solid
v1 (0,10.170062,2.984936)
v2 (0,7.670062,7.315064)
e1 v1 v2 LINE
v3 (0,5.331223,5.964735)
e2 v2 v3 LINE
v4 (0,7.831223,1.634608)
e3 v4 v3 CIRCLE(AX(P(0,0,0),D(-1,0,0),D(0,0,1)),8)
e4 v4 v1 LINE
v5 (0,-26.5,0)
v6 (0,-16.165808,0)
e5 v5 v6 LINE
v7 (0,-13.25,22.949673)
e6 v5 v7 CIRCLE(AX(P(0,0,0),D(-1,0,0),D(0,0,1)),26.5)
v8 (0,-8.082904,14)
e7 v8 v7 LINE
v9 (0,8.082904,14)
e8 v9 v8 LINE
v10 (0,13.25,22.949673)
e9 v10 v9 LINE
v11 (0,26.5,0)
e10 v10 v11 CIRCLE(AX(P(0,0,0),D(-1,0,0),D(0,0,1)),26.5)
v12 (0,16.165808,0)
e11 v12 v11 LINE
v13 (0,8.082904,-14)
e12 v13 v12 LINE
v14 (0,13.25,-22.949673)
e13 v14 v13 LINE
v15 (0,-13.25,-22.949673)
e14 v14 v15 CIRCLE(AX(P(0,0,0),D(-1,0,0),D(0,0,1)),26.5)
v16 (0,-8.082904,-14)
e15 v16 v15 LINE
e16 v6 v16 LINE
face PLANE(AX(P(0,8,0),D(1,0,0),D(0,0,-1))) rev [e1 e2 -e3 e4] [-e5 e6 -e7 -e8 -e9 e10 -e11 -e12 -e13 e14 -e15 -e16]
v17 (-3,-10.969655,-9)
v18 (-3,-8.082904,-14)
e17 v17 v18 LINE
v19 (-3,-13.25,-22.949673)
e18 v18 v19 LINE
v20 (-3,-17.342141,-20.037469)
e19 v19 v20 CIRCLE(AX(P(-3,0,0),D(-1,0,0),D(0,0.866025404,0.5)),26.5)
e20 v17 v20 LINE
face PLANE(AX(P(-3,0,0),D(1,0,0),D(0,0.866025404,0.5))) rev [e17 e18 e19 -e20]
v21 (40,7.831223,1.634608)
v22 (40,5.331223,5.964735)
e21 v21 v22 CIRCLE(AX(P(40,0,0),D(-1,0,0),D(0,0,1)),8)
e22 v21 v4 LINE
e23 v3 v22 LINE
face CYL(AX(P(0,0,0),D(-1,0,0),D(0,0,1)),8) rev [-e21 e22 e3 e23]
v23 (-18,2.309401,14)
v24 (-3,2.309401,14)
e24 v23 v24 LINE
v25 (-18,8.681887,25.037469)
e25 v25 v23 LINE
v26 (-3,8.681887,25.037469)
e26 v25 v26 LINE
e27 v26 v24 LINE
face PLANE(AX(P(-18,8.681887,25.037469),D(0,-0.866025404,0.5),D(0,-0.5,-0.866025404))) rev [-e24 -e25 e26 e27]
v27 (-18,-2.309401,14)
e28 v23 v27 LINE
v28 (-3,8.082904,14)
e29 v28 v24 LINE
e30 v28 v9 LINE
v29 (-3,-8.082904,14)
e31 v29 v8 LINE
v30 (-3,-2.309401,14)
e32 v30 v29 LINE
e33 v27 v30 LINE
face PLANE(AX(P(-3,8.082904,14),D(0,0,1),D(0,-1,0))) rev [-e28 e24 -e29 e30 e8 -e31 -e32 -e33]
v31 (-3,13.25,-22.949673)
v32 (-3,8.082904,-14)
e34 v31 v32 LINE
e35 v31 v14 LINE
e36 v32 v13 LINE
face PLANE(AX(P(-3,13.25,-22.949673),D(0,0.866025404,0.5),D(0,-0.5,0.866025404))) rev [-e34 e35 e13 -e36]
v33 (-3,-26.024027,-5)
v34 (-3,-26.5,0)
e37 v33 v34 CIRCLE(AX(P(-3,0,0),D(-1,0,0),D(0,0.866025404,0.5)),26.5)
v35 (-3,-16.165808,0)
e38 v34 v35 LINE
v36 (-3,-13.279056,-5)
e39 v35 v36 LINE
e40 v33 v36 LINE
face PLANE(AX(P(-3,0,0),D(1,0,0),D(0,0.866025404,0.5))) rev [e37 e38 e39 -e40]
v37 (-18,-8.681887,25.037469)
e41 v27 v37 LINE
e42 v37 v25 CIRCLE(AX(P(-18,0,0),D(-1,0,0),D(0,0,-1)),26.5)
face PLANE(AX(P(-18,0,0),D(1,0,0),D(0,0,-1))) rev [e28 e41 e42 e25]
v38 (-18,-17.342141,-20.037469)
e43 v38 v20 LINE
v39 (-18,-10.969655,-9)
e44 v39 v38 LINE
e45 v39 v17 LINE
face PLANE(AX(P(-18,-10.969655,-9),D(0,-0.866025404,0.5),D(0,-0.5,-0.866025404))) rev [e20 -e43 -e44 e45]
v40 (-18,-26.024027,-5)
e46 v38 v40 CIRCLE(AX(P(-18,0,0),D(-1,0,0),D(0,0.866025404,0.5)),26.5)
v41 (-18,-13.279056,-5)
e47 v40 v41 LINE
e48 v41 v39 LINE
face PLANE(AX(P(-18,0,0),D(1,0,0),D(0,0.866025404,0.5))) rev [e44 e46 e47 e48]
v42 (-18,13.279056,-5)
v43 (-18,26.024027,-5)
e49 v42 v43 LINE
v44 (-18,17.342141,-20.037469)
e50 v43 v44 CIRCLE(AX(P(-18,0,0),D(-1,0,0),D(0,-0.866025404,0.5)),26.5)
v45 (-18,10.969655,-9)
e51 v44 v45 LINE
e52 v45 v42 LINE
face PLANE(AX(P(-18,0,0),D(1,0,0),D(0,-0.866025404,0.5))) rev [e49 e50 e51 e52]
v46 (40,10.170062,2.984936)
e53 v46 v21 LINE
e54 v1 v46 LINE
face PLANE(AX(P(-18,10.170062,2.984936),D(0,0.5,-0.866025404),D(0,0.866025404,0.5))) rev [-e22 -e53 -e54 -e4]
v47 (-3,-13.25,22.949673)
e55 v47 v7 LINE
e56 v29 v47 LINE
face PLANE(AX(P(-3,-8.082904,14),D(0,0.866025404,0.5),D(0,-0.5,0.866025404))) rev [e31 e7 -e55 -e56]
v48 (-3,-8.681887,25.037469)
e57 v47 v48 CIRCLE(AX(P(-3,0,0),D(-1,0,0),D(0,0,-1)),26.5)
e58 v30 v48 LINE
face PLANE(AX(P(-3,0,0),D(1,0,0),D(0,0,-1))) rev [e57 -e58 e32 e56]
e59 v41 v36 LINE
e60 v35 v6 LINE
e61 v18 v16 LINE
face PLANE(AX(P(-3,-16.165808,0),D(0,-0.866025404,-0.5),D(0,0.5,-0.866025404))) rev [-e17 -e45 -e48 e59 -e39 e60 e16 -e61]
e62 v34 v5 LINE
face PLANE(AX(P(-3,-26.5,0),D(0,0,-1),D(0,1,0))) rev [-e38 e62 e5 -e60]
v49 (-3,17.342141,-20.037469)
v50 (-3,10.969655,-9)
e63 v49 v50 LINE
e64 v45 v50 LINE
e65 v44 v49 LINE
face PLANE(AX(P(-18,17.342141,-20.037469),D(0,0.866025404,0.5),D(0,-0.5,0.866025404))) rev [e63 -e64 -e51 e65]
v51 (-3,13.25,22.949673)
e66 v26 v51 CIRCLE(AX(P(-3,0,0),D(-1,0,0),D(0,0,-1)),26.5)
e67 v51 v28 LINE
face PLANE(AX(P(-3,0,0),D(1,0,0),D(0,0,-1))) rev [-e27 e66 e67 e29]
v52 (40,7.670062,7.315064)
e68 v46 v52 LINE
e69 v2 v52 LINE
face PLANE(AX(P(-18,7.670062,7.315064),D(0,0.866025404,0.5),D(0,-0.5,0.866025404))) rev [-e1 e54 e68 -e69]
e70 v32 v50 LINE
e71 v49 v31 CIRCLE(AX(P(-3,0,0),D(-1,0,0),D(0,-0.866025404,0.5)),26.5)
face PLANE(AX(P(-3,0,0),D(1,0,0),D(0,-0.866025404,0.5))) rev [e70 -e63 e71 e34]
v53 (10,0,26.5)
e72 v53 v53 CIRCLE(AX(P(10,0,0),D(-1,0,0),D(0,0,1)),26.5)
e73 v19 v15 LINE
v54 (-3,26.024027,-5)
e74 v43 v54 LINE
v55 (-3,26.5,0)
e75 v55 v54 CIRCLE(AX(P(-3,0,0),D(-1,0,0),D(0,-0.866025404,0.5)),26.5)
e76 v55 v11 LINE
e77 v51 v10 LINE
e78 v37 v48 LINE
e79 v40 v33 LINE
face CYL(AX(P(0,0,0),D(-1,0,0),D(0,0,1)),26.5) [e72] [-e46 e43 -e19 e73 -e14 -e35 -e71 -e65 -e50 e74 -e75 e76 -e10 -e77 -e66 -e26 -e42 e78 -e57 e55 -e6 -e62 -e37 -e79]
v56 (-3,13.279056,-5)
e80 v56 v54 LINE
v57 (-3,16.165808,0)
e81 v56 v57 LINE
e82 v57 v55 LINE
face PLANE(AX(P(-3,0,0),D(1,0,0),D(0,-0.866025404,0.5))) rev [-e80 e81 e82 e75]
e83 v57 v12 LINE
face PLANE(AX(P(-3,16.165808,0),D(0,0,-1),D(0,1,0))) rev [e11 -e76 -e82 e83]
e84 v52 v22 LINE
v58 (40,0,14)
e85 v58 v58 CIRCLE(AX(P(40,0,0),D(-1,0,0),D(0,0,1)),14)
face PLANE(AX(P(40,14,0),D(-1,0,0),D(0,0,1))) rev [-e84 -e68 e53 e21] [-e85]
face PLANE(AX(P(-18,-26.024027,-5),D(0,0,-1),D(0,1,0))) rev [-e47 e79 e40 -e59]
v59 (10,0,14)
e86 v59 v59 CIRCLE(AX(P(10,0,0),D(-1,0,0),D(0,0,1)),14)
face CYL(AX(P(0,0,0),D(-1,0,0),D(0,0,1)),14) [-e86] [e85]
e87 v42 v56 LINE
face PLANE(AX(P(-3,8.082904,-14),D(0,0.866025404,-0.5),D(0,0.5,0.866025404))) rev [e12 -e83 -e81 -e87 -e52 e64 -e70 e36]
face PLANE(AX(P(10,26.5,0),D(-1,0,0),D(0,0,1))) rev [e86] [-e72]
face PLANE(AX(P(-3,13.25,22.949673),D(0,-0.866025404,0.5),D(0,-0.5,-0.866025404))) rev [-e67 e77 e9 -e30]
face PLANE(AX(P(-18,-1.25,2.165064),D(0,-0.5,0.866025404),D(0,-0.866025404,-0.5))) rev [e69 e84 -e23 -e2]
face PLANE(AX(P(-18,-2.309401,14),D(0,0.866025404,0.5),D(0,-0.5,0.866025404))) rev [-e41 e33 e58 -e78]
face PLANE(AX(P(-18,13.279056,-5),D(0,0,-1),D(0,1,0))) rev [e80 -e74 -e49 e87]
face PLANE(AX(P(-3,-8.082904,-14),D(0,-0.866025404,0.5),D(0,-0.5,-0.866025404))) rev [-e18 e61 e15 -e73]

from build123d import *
from build123d.topology import SkipClean

# Parameters (mm, degrees)
EXTRUDE_1_DEPTH          = 3
EXTRUDE_2_DEPTH          = 15
PATTERN_CIRCULAR_1_COUNT = 3
CUT_EXTRUDE_1_DEPTH      = 70.054326439


with BuildPart() as part:
    # Эскиз1 → Повернуть1 (revolve)
    with BuildSketch(Plane.XY, mode=Mode.PRIVATE) as revolve_1_sk:
        Polygon((0, 8), (0, 26.5), (10, 26.5), (10, 14), (40, 14), (40, 8), align=None)
    revolve(revolve_1_sk.sketch.rotate(Axis((0, 0, 0), (1, 0, 0)), 90), axis=Axis((0, 0, 0), (1, 0, 0)))

    # Эскиз2 → Бобышка-Вытянуть1 (add)
    with BuildSketch(Plane.ZY):
        with BuildLine():
            Line((22.9496732, 13.25), (14, 8.082903769))
            Line((14, 8.082903769), (14, -8.082903769))
            Line((14, -8.082903769), (22.9496732, -13.25))
            ThreePointArc((22.9496732, -13.25), (26.5, 0), (22.9496732, 13.25))
        make_face()
    extrude_1 = extrude(amount=EXTRUDE_1_DEPTH)

    # Эскиз3 → Бобышка-Вытянуть2 (add)
    with BuildSketch(Plane.ZY.offset(3)):
        with BuildLine():
            Line((25.037468802, 8.681886661), (14, 2.309401077))
            Line((14, 2.309401077), (14, -2.309401077))
            Line((14, -2.309401077), (25.037468802, -8.681886661))
            ThreePointArc((25.037468802, -8.681886661), (26.5, 0), (25.037468802, 8.681886661))
        make_face()
    extrude_2 = extrude(amount=EXTRUDE_2_DEPTH)

    # Круговой массив1: Бобышка-Вытянуть1, Бобышка-Вытянуть2 ×3 about axis
    with SkipClean():  # the faces are left unmerged after this step: merging them gives an invalid solid
        pattern_circular_1_axis = Axis((0, 0, 0), (1, 0, 0))
        add([extrude_1.rotate(pattern_circular_1_axis, i * 360 / PATTERN_CIRCULAR_1_COUNT) for i in range(1, PATTERN_CIRCULAR_1_COUNT)])
        add([extrude_2.rotate(pattern_circular_1_axis, i * 360 / PATTERN_CIRCULAR_1_COUNT) for i in range(1, PATTERN_CIRCULAR_1_COUNT)])

    # Эскиз4 → Вырез-Вытянуть1 (cut, through all)
    with SkipClean():  # the faces are left unmerged after this step: merging them gives an invalid solid
        with BuildSketch(Plane(origin=(40, 0, 0), x_dir=(0, 0, -1), z_dir=(1, 0, 0))):
            Polygon((-7.315063509, 7.670061659), (-2.984936491, 10.170061659), (2.165063509, 1.25), (-2.165063509, -1.25), align=None)
        extrude(amount=-CUT_EXTRUDE_1_DEPTH, mode=Mode.SUBTRACT)


solid = part.part
